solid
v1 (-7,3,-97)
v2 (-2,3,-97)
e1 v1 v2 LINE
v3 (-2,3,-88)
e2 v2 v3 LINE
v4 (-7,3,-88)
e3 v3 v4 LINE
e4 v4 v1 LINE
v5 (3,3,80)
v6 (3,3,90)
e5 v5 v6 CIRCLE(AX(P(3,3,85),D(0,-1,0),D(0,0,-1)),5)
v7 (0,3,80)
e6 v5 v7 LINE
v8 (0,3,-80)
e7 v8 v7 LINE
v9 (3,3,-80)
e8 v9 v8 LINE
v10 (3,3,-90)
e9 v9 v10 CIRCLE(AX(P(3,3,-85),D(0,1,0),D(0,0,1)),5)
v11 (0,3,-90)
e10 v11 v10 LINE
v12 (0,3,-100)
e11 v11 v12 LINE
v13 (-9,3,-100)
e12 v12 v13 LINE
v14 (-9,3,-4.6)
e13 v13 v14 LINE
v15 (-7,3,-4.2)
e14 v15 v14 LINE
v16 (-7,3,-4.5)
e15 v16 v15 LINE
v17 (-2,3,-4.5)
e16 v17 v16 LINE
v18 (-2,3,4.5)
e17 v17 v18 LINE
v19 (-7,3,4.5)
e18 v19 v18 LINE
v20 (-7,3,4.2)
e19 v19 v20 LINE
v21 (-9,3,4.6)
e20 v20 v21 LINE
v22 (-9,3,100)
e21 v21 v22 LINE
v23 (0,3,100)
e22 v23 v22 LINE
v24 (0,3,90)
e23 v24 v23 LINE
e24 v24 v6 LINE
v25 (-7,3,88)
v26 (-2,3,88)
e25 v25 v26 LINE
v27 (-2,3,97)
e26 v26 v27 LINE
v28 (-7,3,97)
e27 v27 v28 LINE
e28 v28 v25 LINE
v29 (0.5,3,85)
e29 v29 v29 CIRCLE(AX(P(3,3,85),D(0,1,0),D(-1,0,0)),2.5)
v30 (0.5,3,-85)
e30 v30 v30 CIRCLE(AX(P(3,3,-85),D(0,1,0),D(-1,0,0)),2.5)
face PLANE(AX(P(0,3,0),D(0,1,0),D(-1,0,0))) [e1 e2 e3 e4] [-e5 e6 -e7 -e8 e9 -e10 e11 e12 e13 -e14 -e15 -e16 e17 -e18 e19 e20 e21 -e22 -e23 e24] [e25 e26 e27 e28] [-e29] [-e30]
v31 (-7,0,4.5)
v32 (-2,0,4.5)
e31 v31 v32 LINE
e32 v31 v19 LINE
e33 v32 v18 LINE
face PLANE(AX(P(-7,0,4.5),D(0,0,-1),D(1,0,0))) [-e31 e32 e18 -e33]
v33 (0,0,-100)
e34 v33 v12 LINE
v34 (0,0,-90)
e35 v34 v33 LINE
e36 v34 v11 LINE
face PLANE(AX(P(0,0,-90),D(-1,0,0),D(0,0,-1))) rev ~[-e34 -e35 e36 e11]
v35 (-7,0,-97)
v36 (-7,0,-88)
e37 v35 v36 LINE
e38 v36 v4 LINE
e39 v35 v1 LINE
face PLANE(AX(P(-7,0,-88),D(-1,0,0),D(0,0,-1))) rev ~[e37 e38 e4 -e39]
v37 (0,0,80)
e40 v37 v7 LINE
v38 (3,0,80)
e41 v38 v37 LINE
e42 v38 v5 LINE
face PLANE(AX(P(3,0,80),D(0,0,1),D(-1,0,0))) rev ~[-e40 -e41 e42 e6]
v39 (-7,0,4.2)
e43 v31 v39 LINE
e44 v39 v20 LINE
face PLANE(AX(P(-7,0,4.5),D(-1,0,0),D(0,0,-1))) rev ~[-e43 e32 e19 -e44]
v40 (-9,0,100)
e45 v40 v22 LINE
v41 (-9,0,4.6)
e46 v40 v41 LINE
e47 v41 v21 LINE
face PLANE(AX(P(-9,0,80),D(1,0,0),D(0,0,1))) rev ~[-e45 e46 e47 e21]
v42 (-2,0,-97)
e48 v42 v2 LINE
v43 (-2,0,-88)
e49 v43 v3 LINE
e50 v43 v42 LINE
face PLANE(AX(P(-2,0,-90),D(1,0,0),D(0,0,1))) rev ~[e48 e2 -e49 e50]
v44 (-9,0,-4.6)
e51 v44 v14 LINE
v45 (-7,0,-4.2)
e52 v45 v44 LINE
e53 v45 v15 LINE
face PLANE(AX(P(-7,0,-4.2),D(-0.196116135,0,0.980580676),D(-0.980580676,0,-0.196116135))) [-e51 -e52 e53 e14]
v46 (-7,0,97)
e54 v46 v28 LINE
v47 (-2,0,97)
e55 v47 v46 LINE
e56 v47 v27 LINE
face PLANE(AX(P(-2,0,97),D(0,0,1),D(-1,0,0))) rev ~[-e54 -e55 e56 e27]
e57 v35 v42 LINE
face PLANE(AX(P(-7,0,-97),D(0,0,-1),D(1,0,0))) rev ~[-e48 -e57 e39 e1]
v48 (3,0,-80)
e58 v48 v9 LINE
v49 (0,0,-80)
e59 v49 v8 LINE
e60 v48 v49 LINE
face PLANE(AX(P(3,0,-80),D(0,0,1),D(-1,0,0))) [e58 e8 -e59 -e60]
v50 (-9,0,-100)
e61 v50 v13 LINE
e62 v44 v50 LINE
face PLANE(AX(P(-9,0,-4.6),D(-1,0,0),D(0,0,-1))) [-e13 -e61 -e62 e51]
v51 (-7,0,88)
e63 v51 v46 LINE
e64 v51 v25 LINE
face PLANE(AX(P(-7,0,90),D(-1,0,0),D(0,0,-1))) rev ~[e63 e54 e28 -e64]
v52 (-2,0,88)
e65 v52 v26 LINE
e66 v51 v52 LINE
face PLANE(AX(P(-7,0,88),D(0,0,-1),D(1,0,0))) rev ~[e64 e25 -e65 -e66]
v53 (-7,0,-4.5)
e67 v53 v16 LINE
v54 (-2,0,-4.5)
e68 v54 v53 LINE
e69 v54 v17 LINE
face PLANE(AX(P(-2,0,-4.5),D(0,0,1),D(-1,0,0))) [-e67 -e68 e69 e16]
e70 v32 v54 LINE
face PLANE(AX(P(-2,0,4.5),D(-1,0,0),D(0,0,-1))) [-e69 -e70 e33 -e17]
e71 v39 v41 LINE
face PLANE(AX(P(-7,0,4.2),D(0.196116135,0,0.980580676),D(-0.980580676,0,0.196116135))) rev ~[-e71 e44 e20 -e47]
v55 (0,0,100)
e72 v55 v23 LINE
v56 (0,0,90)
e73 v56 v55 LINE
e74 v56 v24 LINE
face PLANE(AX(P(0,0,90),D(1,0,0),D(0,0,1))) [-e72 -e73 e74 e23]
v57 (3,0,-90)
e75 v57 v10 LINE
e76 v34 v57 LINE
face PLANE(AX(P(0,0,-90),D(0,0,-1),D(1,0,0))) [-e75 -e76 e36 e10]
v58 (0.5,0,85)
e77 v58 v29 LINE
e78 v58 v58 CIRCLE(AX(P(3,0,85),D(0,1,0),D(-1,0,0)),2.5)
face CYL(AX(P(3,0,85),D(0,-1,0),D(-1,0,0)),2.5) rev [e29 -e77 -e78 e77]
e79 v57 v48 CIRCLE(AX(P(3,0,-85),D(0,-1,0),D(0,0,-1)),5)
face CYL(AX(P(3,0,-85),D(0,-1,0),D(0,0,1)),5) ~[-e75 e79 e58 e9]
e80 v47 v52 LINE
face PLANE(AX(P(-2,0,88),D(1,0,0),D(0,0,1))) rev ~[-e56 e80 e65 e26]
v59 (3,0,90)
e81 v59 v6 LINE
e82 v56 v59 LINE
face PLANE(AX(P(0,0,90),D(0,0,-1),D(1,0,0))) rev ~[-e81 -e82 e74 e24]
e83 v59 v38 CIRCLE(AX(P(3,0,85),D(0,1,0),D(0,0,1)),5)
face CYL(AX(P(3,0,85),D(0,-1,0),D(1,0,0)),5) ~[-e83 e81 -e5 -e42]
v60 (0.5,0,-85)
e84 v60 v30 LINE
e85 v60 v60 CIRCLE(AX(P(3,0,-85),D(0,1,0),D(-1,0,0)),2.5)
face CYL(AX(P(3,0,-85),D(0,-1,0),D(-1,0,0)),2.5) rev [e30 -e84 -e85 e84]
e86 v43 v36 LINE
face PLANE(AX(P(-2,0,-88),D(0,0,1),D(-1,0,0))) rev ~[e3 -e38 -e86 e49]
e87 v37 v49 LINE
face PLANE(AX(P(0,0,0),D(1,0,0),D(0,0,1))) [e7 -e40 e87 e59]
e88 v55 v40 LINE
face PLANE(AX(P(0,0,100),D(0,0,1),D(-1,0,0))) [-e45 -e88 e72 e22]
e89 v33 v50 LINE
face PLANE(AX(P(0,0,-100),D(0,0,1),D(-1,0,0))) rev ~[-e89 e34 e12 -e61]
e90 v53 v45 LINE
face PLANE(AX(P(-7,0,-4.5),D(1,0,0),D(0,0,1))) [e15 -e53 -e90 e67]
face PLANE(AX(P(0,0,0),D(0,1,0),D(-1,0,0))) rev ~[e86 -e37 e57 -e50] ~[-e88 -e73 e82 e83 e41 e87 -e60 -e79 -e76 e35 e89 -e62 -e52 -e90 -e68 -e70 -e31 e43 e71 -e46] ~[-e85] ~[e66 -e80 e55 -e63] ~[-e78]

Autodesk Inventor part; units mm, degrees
ref_plane "YZ Plane" through (0, 0, 0) normal (1, 0, 0) x (0, 1, 0)
ref_plane "XZ Plane" through (0, 0, 0) normal (0, 1, 0) x (-1, 0, 0)
ref_plane "XY Plane" through (0, 0, 0) normal (0, 0, 1) x (1, 0, 0)
sketch "草圖1" plane through (0, 0, 0) normal (0, 1, 0) x (-1, 0, 0)
  line L0 (0, 80) -> (9, 80)
  line L1 (9, -80) -> (0, -80)
  line L2 (0, -80) -> (0, 80)
  line L3 (7, 4.5) -> (2, 4.5)
  line L4 (2, 4.5) -> (2, -4.5)
  line L5 (2, -4.5) -> (7, -4.5)
  line L6 (9, 80) -> (9, 90)
  line L7 (9, 90) -> (-3, 90)
  line L8 (-8, 85) -> (-8, 85)
  line L9 (-3, 80) -> (0, 80)
  arc A0 (-8, 85) -> (-3, 80) centre (-3, 85) ccw
  arc A1 (-3, 90) -> (-8, 85) centre (-3, 85) ccw
  circle A2 centre (-3, 85) radius 2.5
  line L10 (9, 0) -> (0, 0)
  line L11 (9, -80) -> (9, -90)
  line L12 (9, -90) -> (-3, -90)
  line L13 (-3, -80) -> (0, -80)
  arc A3 (-3, -80) -> (-8, -85) centre (-3, -85) ccw
  arc A4 (-8, -85) -> (-3, -90) centre (-3, -85) ccw
  circle A5 centre (-3, -85) radius 2.5
  line L14 (9, 80) -> (9, 4.6)
  line L15 (9, -4.6) -> (9, -80)
  line L16 (7, -4.5) -> (7, -4.2)
  line L17 (7, -4.2) -> (9, -4.6)
  line L18 (7, 4.5) -> (7, 4.2)
  line L19 (7, 4.2) -> (9, 4.6)
  line L20 (9, 90) -> (0, 90)
  line L21 (0, 90) -> (0, 100)
  line L22 (0, 100) -> (9, 100)
  line L23 (9, 100) -> (9, 90)
  line L24 (9, -90) -> (0, -90)
  line L25 (0, -90) -> (0, -100)
  line L26 (0, -100) -> (9, -100)
  line L27 (9, -100) -> (9, -90)
  line L28 (2, 97) -> (7, 97)
  line L29 (7, 97) -> (7, 88)
  line L30 (7, 88) -> (2, 88)
  line L31 (2, 88) -> (2, 97)
  line L32 (7, -97) -> (2, -97)
  line L33 (2, -97) -> (2, -88)
  line L34 (2, -88) -> (7, -88)
  line L35 (7, -88) -> (7, -97)
  point P0 (4.5, 4.5)
  point P1 (4.5, 80)
  point P2 (-8, 90)
  point P3 (-8, -90)
  point P4 (2, 0)
  point P5 (4.5, 97)
  point P6 (4.5, 100)
  point P7 (4.5, -97)
  point P8 (4.5, -100)
  dimension "d0" = 160
  dimension "d1" = 9
  dimension "d3" = 5
  dimension "d4" = 10
  dimension "d5" = 17
  dimension "d6" = 5
  dimension "d7" = 5
  dimension "d8" = 5
  dimension "d13" = 9
  dimension "d14" = 0.3
  dimension "d15" = 0.3
  dimension "d17" = 0
  dimension "d18" = 5
  dimension "d21" = 17
  dimension "d22" = 10
  dimension "d23" = 9
  dimension "d24" = 9
  dimension "d25" = 10
  dimension "d26" = 9
  dimension "d27" = 5
  dimension "d28" = 3
  dimension "d29" = 9
  dimension "d30" = 5
  dimension "d31" = 3
  dimension "d32" = 75.4
  dimension "d33" = 75.4
extrude "擠出1" add sketch "草圖1" along normal blind 3 contours L9 A0 A1 L7 L31 L30 L29 L6 L0 | L0 L14 L19 L18 L3 L4 L10 L2 | L10 L4 L5 L16 L17 L15 L1 L2 | L7 L29 L28 L31 L21 L22 L23 | L1 L11 L12 L35 L34 L33 A4 A3 L13 | L27 L26 L25 L12 L33 L32 L35
properties part number "Lower_Bar" material "木材 (樺木)"
